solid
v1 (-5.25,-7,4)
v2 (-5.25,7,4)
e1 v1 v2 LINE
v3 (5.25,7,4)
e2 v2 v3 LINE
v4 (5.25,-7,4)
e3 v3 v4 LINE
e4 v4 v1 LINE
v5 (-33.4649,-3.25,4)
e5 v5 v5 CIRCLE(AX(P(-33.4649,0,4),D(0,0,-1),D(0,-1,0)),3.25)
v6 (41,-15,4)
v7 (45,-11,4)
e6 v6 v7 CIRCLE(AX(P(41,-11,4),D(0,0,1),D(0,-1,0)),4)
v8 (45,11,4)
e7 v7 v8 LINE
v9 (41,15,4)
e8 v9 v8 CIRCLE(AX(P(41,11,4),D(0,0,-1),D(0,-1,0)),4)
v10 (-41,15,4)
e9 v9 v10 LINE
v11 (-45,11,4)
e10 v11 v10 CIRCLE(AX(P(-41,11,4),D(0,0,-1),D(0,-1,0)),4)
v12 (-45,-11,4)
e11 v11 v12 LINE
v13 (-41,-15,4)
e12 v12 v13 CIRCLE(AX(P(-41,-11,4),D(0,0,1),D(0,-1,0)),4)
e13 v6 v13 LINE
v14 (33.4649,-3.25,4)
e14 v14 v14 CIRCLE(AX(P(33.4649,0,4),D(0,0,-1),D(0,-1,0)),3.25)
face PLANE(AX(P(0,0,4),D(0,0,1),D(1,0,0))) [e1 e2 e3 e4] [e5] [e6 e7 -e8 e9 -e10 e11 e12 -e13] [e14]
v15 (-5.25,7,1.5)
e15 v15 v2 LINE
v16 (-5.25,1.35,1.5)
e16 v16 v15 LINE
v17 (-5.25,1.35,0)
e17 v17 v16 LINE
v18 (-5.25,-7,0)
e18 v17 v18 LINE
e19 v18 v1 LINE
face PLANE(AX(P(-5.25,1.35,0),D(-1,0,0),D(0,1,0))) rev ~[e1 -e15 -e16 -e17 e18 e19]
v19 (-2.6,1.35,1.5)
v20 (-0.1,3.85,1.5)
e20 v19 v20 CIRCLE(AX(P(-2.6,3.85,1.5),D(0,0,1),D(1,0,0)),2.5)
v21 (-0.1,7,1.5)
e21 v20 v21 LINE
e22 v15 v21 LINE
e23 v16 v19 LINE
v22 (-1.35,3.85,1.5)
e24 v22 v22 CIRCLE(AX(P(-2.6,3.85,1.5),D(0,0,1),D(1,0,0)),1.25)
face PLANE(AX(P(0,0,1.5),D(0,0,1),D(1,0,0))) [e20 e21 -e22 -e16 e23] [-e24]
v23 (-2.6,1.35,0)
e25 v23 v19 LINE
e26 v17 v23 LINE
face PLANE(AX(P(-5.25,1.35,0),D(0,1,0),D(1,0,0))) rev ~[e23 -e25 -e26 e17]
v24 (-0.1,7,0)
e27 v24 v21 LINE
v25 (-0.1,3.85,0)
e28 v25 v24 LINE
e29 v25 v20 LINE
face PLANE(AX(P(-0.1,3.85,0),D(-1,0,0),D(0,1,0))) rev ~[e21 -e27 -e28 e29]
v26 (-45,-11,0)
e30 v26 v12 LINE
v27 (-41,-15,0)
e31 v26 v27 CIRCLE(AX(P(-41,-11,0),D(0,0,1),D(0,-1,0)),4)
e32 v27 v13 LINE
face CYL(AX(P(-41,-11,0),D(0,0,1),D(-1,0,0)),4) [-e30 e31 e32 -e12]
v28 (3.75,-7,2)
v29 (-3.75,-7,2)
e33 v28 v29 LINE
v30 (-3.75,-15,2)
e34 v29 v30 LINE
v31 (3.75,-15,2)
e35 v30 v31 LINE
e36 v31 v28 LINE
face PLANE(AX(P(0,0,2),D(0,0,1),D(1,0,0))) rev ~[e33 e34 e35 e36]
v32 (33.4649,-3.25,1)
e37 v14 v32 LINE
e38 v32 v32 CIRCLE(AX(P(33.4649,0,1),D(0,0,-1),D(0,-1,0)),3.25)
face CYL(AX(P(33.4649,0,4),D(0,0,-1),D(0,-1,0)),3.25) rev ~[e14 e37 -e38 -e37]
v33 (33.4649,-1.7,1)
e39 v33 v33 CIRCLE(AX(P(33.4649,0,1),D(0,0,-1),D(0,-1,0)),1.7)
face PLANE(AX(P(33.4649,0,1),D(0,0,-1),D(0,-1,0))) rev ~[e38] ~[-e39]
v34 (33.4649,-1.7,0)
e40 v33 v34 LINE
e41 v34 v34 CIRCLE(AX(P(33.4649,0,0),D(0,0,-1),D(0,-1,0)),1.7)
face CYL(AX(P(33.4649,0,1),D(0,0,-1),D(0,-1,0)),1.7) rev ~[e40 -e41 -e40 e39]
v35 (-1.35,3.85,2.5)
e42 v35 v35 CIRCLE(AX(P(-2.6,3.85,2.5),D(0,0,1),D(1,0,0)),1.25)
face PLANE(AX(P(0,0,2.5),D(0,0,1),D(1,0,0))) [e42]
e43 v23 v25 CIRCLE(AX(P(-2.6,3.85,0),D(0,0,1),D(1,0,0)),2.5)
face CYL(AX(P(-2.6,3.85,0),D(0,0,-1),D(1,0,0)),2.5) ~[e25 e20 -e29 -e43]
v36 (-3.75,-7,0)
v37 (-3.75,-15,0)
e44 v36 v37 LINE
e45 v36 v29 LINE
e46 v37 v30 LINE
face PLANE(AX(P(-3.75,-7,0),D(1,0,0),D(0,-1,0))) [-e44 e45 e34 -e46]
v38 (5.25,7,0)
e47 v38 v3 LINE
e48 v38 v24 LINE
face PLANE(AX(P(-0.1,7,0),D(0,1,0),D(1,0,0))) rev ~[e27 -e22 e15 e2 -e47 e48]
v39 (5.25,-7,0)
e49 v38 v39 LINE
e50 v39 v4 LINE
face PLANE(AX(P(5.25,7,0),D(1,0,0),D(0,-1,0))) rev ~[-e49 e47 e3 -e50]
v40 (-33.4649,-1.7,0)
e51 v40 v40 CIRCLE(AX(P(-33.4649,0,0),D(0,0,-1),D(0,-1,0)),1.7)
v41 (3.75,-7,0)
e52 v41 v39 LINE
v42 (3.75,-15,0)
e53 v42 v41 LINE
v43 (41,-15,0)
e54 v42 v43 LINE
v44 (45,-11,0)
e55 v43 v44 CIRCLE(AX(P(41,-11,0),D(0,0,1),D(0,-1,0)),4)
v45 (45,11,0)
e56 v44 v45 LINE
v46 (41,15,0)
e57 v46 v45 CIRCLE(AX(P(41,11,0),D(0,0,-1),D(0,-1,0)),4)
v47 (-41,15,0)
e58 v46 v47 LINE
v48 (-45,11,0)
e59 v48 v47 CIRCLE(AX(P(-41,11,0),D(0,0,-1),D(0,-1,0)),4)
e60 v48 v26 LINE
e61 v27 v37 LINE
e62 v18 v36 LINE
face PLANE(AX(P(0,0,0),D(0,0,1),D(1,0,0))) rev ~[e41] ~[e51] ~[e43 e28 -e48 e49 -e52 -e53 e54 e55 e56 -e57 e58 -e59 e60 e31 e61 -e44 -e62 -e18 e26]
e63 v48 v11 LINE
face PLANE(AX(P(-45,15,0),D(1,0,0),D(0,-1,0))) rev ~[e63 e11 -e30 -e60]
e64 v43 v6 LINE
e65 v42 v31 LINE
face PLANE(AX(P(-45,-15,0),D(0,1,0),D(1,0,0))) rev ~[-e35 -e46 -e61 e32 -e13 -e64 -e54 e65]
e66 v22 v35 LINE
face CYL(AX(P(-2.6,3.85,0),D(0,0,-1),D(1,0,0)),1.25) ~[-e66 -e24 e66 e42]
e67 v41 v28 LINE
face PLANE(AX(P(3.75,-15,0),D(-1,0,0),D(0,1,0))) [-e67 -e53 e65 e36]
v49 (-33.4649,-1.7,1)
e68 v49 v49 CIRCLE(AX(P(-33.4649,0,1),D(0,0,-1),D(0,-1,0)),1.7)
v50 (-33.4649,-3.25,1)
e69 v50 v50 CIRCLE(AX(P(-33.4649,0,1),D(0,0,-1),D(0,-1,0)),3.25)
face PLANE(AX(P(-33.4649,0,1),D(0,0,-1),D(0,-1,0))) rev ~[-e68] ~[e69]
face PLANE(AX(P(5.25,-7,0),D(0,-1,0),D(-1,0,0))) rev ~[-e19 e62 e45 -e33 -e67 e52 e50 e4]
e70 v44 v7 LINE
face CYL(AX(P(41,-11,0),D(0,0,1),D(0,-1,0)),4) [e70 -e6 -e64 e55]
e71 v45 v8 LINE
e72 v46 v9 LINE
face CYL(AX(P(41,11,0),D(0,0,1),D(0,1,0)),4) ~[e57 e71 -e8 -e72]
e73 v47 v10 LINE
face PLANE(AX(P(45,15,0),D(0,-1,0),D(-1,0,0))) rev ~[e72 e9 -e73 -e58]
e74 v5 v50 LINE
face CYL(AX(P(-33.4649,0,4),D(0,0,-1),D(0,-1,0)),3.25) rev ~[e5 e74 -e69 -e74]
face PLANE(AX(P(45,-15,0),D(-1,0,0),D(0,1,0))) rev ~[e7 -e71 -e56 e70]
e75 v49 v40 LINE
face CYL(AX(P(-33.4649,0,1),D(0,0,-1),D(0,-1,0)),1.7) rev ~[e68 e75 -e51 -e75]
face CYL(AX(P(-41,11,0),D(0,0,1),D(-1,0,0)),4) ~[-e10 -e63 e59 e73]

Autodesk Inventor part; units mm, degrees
ref_plane "YZ Plane" through (0, 0, 0) normal (1, 0, 0) x (0, 1, 0)
ref_plane "XZ Plane" through (0, 0, 0) normal (0, 1, 0) x (-1, 0, 0)
ref_plane "XY Plane" through (0, 0, 0) normal (0, 0, 1) x (1, 0, 0)
sketch "Skizze1" plane through (0, 0, 0) normal (0, 0, 1) x (1, 0, 0)
  line L0 (-45, -15) -> (45, -15)
  line L1 (45, -15) -> (45, 15)
  line L2 (45, 15) -> (-45, 15)
  line L3 (-45, 15) -> (-45, -15)
  line L4 (-45, -15) -> (45, 15) construction
  line L5 (45, -15) -> (-45, 15) construction
  circle A0 centre (-33.4649, 0) radius 1.5
  circle A1 centre (33.4649, 0) radius 1.5
  line L6 (0, -21) -> (0, 21) construction
  line L7 (-63, 0) -> (63, 0) construction
  line L8 (-5.25, 7) -> (5.25, 7)
  line L9 (5.25, 7) -> (5.25, -7)
  line L10 (5.25, -7) -> (-5.25, -7)
  line L11 (-5.25, -7) -> (-5.25, 7)
  circle A2 centre (-2.6, 3.85) radius 1.65 construction
  circle A3 centre (-2.6, 3.85) radius 1.25
  circle A4 centre (-2.6, 3.85) radius 2.5
  line L12 (-5.25, 1.35) -> (-2.6, 1.35)
  line L13 (-0.1, 3.85) -> (-0.1, 7)
  line L14 (-5.25, 1.35) -> (-5.25, 7)
  line L15 (-5.25, 7) -> (-0.1, 7)
  line L16 (-3.75, -15) -> (3.75, -15)
  line L17 (3.75, -15) -> (3.75, -7)
  line L18 (3.75, -7) -> (-3.75, -7)
  line L19 (-3.75, -7) -> (-3.75, -15)
  point P0 (0, 0)
  point P1 (0, -7)
  point P2 (-5.25, -15)
  point P3 (-5.25, -4.15)
  point P4 (5.25, 0)
  point P5 (0, -15)
  dimension "d0" = 66.9299
  dimension "d1" = 30
  dimension "d2" = 90
  dimension "d3" = 3
  dimension "d6" = 14
  dimension "d7" = 10.5
  dimension "d8" = 1
  dimension "d9" = 1.5
  dimension "d10" = 3.3
  dimension "d11" = 2.5
  dimension "d16" = 5
  dimension "d18" = 7.5
extrude "Extrusion2" add sketch "Skizze1" along normal blind 4 contours L3 L2 L1 L0 L17 L10 L9 L8 L11 L19 | L19 L10 L17 L0
extrude "Extrusion3" add sketch "Skizze1" along normal blind 1.5 contours L11 L8 L13 A4 L12 | A4
extrude "Extrusion6" cut sketch "Skizze1" along normal blind 2 contours L19 L10 L17 L0
fillet "Rundung1" radius 4 4 edges at (-45, -15, 2) (-45, 15, 2) (45, 15, 2) (45, -15, 2)
sketch "Skizze2" plane through (0, 0, 4) normal (0, 0, 1) x (1, 0, 0)
  circle A0 centre (-33.4649, 0) radius 1.5 projected
  circle A1 centre (33.4649, 0) radius 1.5 projected
  point P0 (0, 0)
  point P1 (32.8585, 1.3744)
hole "Bohrung1" at (-33.4649, 0, 4) at (33.4649, 0, 4) direction (0, 0, -1) diameter 3.4 end through all counterbore diameter 6.5 counterbore depth 3 clearance for "Inbusschraube DIN EN ISO 4762" size "M3" standard "DIN"
extrude "Extrusion7" add sketch "Skizze1" along normal blind 2.5 contours A3
properties part number "BMP280_Holder"
